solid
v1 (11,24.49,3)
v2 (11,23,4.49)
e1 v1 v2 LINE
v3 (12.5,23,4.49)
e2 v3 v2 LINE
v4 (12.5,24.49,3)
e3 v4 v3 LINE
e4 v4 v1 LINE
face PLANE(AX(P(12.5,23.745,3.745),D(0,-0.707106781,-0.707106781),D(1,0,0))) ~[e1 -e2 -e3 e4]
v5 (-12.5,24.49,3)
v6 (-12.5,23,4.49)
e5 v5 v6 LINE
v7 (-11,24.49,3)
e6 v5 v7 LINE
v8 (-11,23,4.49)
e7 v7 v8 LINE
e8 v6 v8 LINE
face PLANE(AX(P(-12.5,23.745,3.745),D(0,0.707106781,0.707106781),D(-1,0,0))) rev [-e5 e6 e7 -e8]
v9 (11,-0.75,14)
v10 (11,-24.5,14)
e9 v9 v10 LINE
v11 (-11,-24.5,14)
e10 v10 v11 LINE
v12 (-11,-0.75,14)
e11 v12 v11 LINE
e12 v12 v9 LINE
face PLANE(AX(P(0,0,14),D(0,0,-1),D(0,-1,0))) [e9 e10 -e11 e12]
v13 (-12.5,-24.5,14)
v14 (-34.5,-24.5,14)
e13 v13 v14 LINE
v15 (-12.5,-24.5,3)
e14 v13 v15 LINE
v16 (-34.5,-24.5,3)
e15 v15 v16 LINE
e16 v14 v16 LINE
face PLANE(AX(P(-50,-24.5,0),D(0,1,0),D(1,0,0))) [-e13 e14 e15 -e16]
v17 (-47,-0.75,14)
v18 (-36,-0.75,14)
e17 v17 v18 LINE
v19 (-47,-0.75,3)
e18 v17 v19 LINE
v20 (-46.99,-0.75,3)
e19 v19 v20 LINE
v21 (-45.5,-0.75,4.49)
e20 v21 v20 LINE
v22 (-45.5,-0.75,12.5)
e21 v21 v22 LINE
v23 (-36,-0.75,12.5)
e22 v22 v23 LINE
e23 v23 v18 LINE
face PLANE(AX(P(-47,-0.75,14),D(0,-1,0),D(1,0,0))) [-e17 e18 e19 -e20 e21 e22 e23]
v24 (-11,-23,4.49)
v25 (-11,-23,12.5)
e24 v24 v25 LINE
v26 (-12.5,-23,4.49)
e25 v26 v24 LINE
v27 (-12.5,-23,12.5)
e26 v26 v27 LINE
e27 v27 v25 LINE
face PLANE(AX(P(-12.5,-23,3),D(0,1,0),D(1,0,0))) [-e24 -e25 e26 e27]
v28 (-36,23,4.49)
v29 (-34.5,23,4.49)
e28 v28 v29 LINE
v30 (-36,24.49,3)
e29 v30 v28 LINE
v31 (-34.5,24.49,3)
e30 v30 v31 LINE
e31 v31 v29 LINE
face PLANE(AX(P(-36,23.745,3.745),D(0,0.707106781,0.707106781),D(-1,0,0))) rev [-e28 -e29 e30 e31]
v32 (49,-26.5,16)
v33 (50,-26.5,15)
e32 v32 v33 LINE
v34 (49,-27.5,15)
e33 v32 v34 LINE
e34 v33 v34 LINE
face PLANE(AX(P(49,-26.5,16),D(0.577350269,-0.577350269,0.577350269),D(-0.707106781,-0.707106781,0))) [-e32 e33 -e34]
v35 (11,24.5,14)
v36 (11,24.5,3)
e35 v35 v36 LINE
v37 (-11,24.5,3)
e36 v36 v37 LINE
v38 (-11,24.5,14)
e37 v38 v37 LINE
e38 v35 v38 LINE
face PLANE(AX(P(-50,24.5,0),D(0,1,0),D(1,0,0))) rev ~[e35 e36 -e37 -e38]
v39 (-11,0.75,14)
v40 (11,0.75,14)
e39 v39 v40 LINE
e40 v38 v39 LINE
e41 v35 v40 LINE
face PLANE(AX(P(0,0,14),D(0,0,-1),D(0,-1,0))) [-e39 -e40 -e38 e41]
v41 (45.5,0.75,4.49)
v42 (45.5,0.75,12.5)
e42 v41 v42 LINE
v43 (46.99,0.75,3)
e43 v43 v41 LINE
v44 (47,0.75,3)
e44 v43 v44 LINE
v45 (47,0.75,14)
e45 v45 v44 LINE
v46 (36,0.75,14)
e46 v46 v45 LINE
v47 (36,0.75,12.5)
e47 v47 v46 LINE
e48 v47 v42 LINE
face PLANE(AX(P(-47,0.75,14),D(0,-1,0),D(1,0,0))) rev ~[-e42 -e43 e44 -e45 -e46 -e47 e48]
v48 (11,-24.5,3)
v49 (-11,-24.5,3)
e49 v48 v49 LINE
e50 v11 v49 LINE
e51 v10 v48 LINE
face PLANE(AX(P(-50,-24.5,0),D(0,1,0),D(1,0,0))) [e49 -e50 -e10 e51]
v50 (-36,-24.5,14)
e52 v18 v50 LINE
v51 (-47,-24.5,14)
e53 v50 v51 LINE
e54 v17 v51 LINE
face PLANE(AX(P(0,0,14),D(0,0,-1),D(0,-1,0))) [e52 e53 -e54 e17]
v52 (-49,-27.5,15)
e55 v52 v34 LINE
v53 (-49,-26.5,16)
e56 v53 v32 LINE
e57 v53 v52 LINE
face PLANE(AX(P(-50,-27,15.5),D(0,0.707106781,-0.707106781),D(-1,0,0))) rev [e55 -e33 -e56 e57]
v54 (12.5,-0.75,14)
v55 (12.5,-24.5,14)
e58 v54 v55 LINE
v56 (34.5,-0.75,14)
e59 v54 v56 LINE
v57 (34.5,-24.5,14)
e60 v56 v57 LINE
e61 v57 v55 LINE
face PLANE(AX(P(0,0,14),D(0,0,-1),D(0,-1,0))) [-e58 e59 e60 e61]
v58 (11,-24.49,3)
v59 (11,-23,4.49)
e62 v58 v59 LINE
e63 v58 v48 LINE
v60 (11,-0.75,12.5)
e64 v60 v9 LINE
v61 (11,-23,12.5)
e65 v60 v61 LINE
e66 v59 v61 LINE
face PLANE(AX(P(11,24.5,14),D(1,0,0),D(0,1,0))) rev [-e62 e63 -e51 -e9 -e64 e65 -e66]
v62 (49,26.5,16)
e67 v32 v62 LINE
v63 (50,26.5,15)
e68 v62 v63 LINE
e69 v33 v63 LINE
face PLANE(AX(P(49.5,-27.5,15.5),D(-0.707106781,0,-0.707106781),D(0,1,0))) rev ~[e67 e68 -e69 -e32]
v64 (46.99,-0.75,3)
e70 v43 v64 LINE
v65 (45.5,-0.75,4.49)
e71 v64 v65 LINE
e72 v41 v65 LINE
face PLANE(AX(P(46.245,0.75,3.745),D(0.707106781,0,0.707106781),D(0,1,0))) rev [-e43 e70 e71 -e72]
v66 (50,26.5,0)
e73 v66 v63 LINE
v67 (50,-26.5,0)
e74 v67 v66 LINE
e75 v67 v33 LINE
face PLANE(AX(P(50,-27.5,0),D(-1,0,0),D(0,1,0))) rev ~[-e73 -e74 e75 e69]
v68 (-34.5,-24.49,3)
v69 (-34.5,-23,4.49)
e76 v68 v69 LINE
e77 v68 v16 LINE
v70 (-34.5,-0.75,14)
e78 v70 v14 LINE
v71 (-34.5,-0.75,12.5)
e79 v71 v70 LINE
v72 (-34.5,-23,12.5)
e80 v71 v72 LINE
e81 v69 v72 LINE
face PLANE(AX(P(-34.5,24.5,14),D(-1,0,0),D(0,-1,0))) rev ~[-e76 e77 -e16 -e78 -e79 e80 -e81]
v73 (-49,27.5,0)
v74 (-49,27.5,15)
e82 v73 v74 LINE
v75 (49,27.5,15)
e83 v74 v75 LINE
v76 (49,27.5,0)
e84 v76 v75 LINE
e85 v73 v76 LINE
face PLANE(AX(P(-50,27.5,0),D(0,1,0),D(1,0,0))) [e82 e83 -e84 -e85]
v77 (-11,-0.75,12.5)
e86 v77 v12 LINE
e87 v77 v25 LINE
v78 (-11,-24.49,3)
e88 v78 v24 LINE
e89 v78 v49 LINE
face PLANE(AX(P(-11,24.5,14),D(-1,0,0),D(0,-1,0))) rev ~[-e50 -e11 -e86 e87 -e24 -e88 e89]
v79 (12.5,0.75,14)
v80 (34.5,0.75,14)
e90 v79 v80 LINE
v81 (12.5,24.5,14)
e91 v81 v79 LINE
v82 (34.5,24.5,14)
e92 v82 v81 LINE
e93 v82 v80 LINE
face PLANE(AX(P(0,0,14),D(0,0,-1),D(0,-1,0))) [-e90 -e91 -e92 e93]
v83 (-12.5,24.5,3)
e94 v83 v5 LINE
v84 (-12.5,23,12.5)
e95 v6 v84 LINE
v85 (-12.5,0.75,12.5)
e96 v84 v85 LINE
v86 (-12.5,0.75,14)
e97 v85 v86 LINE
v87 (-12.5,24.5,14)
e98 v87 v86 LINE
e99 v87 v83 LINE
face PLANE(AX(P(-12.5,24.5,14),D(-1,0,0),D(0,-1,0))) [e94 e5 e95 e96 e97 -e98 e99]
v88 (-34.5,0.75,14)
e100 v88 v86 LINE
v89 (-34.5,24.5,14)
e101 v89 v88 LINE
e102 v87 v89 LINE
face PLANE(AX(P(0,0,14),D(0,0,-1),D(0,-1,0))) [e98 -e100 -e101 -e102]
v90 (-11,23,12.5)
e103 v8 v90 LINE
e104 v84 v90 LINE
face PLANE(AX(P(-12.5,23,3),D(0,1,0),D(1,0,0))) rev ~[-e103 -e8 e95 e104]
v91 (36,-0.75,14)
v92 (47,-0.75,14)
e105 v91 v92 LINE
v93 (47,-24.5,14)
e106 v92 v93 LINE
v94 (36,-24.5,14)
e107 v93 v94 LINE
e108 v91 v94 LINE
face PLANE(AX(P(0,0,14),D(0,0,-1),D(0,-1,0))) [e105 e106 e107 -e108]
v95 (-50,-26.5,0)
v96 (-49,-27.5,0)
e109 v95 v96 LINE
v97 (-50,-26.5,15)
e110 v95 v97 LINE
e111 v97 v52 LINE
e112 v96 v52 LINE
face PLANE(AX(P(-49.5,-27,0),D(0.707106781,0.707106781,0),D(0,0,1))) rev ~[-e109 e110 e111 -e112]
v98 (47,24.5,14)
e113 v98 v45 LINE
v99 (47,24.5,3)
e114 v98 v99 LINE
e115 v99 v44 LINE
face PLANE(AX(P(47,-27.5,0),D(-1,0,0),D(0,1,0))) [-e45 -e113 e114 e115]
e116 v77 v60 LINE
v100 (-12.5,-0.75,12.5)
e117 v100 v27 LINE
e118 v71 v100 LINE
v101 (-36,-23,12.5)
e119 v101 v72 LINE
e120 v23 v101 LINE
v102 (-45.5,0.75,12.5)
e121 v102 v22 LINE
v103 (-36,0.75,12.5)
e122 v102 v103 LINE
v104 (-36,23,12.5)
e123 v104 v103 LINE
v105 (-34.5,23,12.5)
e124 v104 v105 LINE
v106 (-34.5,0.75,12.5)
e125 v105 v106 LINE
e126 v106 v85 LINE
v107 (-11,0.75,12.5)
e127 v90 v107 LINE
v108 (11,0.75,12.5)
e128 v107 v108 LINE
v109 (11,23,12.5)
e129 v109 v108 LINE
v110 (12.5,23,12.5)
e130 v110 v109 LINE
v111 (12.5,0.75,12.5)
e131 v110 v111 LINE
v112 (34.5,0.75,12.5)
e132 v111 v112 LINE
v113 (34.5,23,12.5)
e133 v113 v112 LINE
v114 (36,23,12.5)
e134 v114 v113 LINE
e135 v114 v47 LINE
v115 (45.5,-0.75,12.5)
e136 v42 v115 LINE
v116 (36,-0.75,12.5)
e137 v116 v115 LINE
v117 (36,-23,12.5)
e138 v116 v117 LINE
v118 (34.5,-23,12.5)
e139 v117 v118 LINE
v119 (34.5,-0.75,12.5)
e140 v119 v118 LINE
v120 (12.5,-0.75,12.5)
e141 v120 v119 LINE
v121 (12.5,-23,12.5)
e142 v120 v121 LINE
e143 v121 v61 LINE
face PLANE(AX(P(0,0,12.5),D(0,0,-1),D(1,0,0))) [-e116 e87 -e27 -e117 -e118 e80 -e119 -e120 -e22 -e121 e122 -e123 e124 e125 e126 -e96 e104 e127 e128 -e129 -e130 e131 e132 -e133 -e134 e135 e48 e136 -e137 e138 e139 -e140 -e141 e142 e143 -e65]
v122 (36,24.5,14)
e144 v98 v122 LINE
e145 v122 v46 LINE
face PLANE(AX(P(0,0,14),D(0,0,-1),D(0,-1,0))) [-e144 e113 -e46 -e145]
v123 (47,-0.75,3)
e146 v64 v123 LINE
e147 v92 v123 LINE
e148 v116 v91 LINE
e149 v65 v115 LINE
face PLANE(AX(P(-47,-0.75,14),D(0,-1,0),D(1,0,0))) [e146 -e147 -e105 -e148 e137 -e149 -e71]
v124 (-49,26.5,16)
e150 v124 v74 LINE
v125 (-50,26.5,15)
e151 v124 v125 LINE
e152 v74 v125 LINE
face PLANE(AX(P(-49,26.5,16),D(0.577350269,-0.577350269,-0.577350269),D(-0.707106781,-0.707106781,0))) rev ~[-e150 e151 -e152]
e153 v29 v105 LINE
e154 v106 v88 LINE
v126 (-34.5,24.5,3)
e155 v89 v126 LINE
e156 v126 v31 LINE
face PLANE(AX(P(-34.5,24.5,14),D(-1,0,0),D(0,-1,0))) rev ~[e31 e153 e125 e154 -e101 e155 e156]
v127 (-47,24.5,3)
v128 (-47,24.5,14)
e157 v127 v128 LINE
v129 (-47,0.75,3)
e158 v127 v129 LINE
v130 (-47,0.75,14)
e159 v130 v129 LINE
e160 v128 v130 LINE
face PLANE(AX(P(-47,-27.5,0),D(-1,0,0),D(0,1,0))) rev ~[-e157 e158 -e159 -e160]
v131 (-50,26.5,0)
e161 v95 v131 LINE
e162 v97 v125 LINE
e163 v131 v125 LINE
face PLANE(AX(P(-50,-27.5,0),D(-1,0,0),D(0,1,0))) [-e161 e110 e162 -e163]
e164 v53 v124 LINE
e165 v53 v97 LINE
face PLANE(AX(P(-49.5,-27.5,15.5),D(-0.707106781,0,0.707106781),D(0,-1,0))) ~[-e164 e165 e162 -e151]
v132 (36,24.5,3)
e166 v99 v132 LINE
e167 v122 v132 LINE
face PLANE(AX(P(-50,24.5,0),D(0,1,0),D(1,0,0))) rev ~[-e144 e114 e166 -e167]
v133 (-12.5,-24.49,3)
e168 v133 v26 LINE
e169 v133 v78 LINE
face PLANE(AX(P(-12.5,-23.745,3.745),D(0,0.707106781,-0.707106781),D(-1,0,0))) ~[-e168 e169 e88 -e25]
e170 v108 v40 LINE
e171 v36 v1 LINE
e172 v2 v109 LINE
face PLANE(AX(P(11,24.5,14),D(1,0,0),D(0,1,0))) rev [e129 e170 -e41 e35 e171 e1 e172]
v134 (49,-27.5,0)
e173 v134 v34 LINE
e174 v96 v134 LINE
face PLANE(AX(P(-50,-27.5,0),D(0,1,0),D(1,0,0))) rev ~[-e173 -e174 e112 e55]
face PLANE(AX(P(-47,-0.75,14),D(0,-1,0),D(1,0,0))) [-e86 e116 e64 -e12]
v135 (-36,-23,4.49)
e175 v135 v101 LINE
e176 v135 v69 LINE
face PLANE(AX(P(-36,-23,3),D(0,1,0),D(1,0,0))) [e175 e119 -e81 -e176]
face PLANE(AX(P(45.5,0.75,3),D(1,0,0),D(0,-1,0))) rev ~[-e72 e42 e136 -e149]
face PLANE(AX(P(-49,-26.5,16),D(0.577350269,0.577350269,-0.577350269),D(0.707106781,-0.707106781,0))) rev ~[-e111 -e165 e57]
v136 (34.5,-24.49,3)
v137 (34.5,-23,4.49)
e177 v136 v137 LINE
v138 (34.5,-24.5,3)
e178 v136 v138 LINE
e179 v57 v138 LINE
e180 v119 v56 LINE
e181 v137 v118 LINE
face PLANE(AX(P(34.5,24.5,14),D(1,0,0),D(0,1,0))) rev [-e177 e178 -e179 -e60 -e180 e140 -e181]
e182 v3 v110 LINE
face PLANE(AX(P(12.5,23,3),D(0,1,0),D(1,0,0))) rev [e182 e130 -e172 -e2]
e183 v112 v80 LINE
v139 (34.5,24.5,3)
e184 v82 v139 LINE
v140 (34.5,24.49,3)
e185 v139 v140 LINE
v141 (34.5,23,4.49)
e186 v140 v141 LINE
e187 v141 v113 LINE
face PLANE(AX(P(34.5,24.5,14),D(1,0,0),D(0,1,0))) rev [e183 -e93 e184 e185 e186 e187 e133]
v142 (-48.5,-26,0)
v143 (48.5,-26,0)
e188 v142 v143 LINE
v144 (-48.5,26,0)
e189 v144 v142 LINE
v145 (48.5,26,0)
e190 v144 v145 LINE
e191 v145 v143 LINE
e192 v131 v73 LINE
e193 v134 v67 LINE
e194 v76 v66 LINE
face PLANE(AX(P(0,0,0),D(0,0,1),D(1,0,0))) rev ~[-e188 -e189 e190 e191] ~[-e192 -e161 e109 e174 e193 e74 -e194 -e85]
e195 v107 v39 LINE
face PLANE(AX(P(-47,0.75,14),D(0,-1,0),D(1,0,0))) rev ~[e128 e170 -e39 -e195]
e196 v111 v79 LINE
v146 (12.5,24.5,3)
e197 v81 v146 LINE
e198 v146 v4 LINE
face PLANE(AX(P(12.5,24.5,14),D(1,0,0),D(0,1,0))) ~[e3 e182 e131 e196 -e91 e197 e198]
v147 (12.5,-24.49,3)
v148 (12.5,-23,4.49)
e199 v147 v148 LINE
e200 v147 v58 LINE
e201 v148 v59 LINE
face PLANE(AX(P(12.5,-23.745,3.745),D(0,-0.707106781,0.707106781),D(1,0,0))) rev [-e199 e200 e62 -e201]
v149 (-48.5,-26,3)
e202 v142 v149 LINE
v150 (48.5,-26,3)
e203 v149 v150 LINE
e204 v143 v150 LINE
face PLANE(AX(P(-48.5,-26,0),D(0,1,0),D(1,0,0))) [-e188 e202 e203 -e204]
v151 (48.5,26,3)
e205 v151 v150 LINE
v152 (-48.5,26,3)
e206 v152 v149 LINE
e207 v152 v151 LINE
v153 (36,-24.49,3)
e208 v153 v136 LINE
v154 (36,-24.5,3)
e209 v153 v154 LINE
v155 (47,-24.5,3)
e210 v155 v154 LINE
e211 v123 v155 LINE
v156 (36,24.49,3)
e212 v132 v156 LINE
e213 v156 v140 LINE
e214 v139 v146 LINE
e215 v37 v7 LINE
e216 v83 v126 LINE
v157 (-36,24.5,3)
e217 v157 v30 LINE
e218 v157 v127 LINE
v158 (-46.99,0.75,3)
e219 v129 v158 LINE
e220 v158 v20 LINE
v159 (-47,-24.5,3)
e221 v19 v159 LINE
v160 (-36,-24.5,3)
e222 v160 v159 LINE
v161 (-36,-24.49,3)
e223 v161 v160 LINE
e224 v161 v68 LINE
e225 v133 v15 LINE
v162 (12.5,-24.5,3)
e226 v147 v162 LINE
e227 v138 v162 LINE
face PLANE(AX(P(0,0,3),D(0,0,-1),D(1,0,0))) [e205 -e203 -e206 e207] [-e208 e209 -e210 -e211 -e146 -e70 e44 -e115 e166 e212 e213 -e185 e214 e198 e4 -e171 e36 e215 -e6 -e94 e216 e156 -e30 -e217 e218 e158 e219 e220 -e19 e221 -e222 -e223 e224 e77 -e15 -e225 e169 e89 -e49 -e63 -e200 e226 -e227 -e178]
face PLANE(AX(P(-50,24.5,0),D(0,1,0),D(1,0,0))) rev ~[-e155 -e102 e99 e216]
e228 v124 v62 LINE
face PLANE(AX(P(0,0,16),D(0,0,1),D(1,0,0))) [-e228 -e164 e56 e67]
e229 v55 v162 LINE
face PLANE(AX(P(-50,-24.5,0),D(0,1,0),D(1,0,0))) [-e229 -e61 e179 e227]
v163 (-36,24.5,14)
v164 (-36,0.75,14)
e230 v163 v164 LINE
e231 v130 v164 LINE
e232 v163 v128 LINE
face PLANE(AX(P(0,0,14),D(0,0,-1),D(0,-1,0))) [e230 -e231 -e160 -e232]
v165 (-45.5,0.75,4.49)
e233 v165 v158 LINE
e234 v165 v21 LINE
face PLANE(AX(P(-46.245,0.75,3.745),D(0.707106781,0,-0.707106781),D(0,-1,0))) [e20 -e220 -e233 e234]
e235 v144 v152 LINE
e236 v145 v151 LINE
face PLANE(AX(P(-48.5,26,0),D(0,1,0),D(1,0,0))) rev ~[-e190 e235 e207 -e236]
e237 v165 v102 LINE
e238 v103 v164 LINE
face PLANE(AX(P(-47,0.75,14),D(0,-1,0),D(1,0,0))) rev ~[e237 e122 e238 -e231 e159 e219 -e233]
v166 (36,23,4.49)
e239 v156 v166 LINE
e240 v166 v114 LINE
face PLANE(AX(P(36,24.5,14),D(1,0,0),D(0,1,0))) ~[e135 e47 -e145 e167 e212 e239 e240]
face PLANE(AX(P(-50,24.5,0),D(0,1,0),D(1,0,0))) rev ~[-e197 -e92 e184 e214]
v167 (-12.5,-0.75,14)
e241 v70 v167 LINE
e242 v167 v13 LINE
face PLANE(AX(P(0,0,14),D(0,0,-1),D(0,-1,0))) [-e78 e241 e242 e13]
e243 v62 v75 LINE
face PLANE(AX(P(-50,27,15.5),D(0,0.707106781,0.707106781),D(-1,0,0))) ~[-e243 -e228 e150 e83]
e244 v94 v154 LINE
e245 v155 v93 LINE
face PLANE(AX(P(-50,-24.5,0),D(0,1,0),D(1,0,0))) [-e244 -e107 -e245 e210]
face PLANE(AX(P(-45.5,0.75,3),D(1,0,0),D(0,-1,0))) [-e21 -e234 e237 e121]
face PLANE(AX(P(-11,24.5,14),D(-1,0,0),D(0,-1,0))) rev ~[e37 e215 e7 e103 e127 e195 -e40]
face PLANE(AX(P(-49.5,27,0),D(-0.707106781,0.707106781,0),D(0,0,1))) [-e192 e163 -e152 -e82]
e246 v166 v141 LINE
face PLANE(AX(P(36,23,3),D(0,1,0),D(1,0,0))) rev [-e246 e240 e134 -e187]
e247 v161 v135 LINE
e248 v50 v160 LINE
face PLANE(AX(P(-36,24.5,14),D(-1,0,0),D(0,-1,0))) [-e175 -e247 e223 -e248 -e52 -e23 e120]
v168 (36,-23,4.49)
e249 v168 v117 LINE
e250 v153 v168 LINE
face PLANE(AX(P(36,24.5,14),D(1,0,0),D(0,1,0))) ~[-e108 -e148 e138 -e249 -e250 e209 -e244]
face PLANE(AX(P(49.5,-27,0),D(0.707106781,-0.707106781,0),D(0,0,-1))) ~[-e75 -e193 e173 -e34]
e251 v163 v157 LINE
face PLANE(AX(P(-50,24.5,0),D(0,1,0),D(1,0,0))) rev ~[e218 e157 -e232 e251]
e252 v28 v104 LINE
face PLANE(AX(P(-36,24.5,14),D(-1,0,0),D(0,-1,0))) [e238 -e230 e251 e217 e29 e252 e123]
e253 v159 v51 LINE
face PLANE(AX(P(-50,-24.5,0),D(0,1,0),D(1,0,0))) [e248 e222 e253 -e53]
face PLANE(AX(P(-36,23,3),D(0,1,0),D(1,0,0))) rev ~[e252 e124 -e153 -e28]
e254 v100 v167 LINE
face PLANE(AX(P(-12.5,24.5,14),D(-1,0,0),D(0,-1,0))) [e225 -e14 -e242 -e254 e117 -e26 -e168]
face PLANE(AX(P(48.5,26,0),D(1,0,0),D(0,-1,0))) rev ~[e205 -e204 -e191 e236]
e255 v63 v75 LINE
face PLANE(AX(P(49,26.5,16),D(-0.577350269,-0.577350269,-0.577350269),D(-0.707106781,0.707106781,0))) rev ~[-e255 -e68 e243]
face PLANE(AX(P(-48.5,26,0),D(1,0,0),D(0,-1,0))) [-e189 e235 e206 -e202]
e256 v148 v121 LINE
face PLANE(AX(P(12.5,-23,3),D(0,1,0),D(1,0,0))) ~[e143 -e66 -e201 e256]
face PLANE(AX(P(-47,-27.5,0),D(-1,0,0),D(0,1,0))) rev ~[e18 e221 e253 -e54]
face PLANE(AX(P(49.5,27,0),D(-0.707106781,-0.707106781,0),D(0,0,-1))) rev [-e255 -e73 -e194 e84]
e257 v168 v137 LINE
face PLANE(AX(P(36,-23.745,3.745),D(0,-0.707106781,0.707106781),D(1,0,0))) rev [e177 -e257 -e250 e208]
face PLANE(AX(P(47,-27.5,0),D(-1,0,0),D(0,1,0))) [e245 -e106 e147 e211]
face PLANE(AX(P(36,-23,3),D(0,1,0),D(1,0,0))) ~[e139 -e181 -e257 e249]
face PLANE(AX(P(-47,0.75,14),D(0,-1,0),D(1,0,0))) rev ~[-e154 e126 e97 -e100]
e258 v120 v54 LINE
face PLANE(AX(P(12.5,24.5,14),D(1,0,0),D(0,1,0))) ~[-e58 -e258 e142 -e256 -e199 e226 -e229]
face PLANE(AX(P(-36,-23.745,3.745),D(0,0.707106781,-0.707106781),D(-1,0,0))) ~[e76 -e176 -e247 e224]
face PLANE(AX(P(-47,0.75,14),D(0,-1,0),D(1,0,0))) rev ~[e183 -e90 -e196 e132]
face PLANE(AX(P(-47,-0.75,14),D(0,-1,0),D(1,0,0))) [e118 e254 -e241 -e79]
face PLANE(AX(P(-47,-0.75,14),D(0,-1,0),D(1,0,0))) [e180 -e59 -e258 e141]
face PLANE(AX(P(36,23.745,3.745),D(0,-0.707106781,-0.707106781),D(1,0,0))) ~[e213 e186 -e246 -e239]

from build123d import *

# Parameters (mm, degrees)
SKETCH_W           = 100
SKETCH_H           = 55
PAD_DEPTH          = 16
THICKNESS_T        = -3
THICKNESS_FACE11_W = 49
THICKNESS_FACE11_H = 94
POCKET_DEPTH       = 1
SKETCH002_W        = 97
SKETCH002_H        = 52
POCKET001_DEPTH    = 3
CHAMFER_SIZE       = 1
SKETCH003_W        = 1.5
SKETCH003_H        = 49
PAD001_DEPTH       = 11
SKETCH004_W        = 1.5
SKETCH004_H        = 46
POCKET002_DEPTH    = 9.5
CHAMFER001_SIZE    = 1.49
SKETCH005_W        = 94
SKETCH005_H        = 1.5
PAD002_DEPTH       = 11
SKETCH006_W        = 91
SKETCH006_H        = 1.5
POCKET003_DEPTH    = 9.5
CHAMFER002_SIZE    = 1.49


with BuildPart() as part:
    # Sketch → Pad (new body)
    with BuildSketch(Plane.XY):
        Rectangle(SKETCH_W, SKETCH_H)
    extrude(amount=PAD_DEPTH)

    # Thickness
    thickness_openings = [part.faces().sort_by_distance(p)[0] for p in [
        (0, 0, 0),
    ]]
    offset(amount=THICKNESS_T, openings=thickness_openings)

    # Thickness Face11 → Pocket (cut)
    with BuildSketch(Plane(origin=(0, 0, 13), x_dir=(0, -1, 0), z_dir=(0, 0, -1))):
        Rectangle(THICKNESS_FACE11_W, THICKNESS_FACE11_H)
    extrude(amount=-POCKET_DEPTH, mode=Mode.SUBTRACT)

    # Sketch002 (on Face4 of Pocket) → Pocket001 (cut)
    with BuildSketch(Plane(origin=(0, 0, 0), x_dir=(1, 0, 0), z_dir=(0, 0, -1))):
        Rectangle(SKETCH002_W, SKETCH002_H)
    extrude(amount=-POCKET001_DEPTH, mode=Mode.SUBTRACT)

    # Chamfer
    chamfer_edges = [part.edges().sort_by_distance(p)[0] for p in [
        (-50, 27.5, 8),
        (-50, -27.5, 8),
        (50, 27.5, 8),
        (50, -27.5, 8),
        (50, 0, 16),
        (0, 27.5, 16),
        (-50, 0, 16),
        (0, -27.5, 16),
    ]]
    chamfer(chamfer_edges, length=CHAMFER_SIZE)

    # Sketch003 (on Face32 of Chamfer) → Pad001 (join)
    with BuildSketch(Plane(origin=(0, 0, 14), x_dir=(1, 0, 0), z_dir=(0, 0, -1))):
        with Locations((-35.25, 0)):
            Rectangle(SKETCH003_W, SKETCH003_H)
        with Locations((-11.75, 0)):
            Rectangle(SKETCH003_W, SKETCH003_H)
    pad001 = extrude(amount=PAD001_DEPTH)

    # Mirrored: Pad001 across Sketch003 V_Axis
    add(pad001.mirror(Plane(origin=(0, 0, 14), x_dir=(0, 0, -1), z_dir=(1, 0, 0))))

    # Sketch004 (on Face26 of Mirrored) → Pocket002 (cut)
    with BuildSketch(Plane(origin=(0, 0, 3), x_dir=(1, 0, 0), z_dir=(0, 0, -1))):
        with Locations((-35.25, 0)):
            Rectangle(SKETCH004_W, SKETCH004_H)
        with Locations((-11.75, 0)):
            Rectangle(SKETCH004_W, SKETCH004_H)
    pocket002 = extrude(amount=-POCKET002_DEPTH, mode=Mode.SUBTRACT)

    # Mirrored001: Pocket002 across Sketch004 V_Axis
    add(pocket002.mirror(Plane(origin=(0, 0, 3), x_dir=(0, 0, -1), z_dir=(1, 0, 0))), mode=Mode.SUBTRACT)

    # Chamfer001
    chamfer001_edges = [part.edges().sort_by_distance(p)[0] for p in [
        (-35.25, -23, 3),
        (-11.75, -23, 3),
        (11.75, -23, 3),
        (35.25, -23, 3),
        (35.25, 23, 3),
        (11.75, 23, 3),
        (-11.75, 23, 3),
        (-35.25, 23, 3),
    ]]
    chamfer(chamfer001_edges, length=CHAMFER001_SIZE)

    # Sketch005 (on Face71 of Chamfer001) → Pad002 (join)
    with BuildSketch(Plane(origin=(0, 0, 14), x_dir=(1, 0, 0), z_dir=(0, 0, -1))):
        Rectangle(SKETCH005_W, SKETCH005_H)
    extrude(amount=PAD002_DEPTH)

    # Sketch006 (on Face17 of Pad002) → Pocket003 (cut)
    with BuildSketch(Plane(origin=(0, 0, 3), x_dir=(1, 0, 0), z_dir=(0, 0, -1))):
        Rectangle(SKETCH006_W, SKETCH006_H)
    extrude(amount=-POCKET003_DEPTH, mode=Mode.SUBTRACT)

    # Chamfer002
    chamfer002_edges = [part.edges().sort_by_distance(p)[0] for p in [
        (45.5, 0, 3),
        (-45.5, 0, 3),
    ]]
    chamfer(chamfer002_edges, length=CHAMFER002_SIZE)


solid = part.part
